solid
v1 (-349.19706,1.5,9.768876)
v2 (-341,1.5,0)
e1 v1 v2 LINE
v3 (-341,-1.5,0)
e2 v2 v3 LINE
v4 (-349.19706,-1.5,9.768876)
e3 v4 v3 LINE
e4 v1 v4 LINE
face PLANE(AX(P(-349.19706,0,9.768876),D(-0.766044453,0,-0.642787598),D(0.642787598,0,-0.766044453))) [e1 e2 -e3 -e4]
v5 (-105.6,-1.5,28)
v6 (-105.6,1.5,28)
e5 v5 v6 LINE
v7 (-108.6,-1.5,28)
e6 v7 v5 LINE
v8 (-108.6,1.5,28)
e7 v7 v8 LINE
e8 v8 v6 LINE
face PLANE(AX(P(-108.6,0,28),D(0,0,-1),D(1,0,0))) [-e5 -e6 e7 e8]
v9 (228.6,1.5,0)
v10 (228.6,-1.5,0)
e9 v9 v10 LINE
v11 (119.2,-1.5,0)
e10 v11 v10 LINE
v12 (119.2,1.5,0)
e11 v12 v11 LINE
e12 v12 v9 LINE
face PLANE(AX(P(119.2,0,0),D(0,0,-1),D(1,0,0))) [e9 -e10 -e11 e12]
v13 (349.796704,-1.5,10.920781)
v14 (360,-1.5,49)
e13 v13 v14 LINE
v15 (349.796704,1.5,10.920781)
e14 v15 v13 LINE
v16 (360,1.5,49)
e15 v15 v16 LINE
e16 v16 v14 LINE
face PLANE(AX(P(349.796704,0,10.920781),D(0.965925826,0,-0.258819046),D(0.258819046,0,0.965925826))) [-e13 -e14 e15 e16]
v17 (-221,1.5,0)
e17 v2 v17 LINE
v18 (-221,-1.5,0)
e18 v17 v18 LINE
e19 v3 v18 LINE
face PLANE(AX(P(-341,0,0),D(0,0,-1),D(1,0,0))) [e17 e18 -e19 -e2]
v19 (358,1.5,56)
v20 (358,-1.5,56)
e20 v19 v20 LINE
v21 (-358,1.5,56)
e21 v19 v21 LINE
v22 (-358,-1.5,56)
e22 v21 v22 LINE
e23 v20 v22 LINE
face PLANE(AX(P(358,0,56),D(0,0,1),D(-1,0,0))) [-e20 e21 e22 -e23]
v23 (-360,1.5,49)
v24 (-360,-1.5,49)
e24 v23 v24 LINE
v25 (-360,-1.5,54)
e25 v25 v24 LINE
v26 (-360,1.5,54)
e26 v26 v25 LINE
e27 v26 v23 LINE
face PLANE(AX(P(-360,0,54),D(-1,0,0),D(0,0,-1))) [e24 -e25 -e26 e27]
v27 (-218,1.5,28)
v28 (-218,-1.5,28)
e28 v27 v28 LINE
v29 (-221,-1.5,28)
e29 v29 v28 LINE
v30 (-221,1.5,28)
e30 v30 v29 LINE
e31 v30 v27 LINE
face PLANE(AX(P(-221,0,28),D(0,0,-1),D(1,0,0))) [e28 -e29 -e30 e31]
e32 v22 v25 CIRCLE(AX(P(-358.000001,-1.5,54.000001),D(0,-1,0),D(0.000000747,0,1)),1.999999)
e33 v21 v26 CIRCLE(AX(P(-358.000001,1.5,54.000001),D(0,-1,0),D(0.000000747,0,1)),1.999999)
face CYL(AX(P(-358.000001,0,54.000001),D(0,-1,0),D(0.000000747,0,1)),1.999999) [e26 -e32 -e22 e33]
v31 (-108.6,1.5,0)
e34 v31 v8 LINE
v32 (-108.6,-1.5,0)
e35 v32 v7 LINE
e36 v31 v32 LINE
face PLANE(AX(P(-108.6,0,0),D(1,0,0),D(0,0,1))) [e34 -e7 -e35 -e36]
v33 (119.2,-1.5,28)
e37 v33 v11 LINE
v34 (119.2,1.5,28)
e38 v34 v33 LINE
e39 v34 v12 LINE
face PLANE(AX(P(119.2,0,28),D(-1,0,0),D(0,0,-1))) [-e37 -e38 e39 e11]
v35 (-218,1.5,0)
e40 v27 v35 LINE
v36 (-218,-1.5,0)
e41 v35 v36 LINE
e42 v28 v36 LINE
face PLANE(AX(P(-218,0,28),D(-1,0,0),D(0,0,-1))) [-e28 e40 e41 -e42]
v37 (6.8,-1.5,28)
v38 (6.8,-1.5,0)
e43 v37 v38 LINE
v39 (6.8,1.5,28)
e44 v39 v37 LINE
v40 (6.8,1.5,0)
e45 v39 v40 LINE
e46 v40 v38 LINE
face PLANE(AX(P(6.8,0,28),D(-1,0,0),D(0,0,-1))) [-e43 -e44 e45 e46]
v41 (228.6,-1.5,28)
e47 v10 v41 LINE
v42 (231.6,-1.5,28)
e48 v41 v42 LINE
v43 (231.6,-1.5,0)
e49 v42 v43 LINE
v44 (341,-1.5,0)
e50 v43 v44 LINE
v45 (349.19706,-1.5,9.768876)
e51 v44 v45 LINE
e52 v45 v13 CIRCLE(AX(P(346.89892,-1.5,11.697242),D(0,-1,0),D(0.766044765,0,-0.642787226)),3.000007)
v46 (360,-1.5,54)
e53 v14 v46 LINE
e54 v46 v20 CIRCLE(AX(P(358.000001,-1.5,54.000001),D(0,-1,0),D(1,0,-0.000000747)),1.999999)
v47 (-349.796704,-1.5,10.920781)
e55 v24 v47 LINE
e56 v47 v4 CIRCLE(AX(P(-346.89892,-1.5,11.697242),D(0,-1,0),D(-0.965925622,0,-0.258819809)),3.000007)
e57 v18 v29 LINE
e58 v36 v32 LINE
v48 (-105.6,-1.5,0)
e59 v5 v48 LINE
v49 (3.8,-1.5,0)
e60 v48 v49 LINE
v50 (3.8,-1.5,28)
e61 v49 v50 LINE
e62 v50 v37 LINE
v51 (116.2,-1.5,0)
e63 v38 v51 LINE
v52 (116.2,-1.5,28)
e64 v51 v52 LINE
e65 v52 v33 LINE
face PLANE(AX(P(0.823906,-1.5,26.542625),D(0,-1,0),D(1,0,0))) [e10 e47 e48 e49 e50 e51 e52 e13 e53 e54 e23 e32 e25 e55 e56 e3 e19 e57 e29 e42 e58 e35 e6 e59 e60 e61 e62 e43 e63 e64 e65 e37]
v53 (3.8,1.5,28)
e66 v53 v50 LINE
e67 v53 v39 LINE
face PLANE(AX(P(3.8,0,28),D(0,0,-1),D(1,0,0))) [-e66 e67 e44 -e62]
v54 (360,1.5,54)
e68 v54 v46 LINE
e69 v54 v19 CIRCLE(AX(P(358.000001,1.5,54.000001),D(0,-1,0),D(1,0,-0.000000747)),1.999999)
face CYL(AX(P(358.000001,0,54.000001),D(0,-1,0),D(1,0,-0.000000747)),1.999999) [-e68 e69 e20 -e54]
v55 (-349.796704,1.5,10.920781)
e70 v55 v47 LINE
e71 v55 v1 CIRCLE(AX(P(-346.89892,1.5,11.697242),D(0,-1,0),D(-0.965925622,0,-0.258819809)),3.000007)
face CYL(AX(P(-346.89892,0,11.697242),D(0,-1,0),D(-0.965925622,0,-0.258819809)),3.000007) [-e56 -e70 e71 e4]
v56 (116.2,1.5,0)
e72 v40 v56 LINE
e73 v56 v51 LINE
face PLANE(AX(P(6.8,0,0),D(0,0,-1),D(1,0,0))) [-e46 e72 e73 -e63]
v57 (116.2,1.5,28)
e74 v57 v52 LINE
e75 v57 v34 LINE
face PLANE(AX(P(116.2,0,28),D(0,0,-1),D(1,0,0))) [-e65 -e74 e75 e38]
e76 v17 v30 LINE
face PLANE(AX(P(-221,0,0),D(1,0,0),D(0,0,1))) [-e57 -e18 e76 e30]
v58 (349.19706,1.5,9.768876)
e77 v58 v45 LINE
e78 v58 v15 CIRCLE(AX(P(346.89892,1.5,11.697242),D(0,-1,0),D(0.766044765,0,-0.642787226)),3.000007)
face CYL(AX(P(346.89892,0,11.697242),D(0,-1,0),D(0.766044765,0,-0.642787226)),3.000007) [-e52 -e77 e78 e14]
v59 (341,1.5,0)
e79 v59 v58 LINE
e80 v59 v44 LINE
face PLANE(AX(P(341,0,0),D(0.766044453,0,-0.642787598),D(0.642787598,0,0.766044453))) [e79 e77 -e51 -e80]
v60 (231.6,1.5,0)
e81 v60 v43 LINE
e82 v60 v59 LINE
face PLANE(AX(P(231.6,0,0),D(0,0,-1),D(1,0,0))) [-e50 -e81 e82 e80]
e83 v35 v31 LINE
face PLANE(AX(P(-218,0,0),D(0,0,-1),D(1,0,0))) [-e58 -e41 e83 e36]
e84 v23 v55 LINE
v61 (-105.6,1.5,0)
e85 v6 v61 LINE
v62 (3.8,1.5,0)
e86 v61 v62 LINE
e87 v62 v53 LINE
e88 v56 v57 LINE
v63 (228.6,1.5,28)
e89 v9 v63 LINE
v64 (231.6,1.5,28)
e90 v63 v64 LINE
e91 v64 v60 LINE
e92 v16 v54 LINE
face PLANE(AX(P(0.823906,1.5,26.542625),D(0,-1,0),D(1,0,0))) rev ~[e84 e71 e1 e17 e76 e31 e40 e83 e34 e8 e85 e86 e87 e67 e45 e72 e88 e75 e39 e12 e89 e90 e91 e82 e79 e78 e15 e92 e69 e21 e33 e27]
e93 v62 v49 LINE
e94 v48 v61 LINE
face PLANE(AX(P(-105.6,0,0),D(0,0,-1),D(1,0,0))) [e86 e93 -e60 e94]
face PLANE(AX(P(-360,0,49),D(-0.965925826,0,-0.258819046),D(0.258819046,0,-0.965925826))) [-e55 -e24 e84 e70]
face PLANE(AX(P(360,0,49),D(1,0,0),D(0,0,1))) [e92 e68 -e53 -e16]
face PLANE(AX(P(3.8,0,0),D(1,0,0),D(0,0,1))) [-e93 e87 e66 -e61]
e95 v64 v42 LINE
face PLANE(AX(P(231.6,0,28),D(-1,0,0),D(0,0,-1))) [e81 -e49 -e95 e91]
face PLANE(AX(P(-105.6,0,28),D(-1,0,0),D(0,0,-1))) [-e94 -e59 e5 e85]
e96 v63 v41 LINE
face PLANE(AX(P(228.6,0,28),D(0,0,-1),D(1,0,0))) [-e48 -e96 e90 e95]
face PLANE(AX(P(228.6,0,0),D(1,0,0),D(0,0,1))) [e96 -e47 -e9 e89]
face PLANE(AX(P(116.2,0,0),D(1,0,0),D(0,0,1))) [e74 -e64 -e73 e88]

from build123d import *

# Parameters (mm, degrees)
F1_DEPTH = 1.5


with BuildPart() as f1:
    # F0 (on Front) → F1 (new body, symmetric)
    with BuildSketch(Plane.XZ):
        with BuildLine():
            Line((-105.6, 0), (0, 0))
            Line((0, 0), (3.8, 0))
            Line((3.8, 0), (3.8, 28))
            Line((3.8, 28), (6.8, 28))
            Line((6.8, 28), (6.8, 0))
            Line((6.8, 0), (116.2, 0))
            Line((116.2, 0), (116.2, 28))
            Line((116.2, 28), (119.2, 28))
            Line((119.2, 28), (119.2, 0))
            Line((119.2, 0), (228.6, 0))
            Line((228.6, 0), (228.6, 28))
            Line((228.6, 28), (231.6, 28))
            Line((231.6, 28), (231.6, 0))
            Line((231.6, 0), (341, 0))
            Line((341, 0), (349.19706, 9.768876))
            ThreePointArc((349.19706, 9.768876), (349.559959, 10.311993), (349.796704, 10.920781))
            Line((349.796704, 10.920781), (360, 49))
            Line((360, 49), (360, 54))
            ThreePointArc((360, 54), (359.414214, 55.414214), (358, 56))
            Line((358, 56), (0, 56))
            Line((0, 56), (-358, 56))
            ThreePointArc((-358, 56), (-359.414214, 55.414214), (-360, 54))
            Line((-360, 54), (-360, 49))
            Line((-360, 49), (-349.796704, 10.920781))
            ThreePointArc((-349.796704, 10.920781), (-349.559959, 10.311993), (-349.19706, 9.768876))
            Line((-349.19706, 9.768876), (-341, 0))
            Line((-341, 0), (-221, 0))
            Line((-221, 0), (-221, 28))
            Line((-221, 28), (-218, 28))
            Line((-218, 28), (-218, 0))
            Line((-218, 0), (-108.6, 0))
            Line((-108.6, 0), (-108.6, 28))
            Line((-108.6, 28), (-105.6, 28))
            Line((-105.6, 28), (-105.6, 0))
        make_face()
    extrude(amount=F1_DEPTH, both=True)


solid = f1.part
